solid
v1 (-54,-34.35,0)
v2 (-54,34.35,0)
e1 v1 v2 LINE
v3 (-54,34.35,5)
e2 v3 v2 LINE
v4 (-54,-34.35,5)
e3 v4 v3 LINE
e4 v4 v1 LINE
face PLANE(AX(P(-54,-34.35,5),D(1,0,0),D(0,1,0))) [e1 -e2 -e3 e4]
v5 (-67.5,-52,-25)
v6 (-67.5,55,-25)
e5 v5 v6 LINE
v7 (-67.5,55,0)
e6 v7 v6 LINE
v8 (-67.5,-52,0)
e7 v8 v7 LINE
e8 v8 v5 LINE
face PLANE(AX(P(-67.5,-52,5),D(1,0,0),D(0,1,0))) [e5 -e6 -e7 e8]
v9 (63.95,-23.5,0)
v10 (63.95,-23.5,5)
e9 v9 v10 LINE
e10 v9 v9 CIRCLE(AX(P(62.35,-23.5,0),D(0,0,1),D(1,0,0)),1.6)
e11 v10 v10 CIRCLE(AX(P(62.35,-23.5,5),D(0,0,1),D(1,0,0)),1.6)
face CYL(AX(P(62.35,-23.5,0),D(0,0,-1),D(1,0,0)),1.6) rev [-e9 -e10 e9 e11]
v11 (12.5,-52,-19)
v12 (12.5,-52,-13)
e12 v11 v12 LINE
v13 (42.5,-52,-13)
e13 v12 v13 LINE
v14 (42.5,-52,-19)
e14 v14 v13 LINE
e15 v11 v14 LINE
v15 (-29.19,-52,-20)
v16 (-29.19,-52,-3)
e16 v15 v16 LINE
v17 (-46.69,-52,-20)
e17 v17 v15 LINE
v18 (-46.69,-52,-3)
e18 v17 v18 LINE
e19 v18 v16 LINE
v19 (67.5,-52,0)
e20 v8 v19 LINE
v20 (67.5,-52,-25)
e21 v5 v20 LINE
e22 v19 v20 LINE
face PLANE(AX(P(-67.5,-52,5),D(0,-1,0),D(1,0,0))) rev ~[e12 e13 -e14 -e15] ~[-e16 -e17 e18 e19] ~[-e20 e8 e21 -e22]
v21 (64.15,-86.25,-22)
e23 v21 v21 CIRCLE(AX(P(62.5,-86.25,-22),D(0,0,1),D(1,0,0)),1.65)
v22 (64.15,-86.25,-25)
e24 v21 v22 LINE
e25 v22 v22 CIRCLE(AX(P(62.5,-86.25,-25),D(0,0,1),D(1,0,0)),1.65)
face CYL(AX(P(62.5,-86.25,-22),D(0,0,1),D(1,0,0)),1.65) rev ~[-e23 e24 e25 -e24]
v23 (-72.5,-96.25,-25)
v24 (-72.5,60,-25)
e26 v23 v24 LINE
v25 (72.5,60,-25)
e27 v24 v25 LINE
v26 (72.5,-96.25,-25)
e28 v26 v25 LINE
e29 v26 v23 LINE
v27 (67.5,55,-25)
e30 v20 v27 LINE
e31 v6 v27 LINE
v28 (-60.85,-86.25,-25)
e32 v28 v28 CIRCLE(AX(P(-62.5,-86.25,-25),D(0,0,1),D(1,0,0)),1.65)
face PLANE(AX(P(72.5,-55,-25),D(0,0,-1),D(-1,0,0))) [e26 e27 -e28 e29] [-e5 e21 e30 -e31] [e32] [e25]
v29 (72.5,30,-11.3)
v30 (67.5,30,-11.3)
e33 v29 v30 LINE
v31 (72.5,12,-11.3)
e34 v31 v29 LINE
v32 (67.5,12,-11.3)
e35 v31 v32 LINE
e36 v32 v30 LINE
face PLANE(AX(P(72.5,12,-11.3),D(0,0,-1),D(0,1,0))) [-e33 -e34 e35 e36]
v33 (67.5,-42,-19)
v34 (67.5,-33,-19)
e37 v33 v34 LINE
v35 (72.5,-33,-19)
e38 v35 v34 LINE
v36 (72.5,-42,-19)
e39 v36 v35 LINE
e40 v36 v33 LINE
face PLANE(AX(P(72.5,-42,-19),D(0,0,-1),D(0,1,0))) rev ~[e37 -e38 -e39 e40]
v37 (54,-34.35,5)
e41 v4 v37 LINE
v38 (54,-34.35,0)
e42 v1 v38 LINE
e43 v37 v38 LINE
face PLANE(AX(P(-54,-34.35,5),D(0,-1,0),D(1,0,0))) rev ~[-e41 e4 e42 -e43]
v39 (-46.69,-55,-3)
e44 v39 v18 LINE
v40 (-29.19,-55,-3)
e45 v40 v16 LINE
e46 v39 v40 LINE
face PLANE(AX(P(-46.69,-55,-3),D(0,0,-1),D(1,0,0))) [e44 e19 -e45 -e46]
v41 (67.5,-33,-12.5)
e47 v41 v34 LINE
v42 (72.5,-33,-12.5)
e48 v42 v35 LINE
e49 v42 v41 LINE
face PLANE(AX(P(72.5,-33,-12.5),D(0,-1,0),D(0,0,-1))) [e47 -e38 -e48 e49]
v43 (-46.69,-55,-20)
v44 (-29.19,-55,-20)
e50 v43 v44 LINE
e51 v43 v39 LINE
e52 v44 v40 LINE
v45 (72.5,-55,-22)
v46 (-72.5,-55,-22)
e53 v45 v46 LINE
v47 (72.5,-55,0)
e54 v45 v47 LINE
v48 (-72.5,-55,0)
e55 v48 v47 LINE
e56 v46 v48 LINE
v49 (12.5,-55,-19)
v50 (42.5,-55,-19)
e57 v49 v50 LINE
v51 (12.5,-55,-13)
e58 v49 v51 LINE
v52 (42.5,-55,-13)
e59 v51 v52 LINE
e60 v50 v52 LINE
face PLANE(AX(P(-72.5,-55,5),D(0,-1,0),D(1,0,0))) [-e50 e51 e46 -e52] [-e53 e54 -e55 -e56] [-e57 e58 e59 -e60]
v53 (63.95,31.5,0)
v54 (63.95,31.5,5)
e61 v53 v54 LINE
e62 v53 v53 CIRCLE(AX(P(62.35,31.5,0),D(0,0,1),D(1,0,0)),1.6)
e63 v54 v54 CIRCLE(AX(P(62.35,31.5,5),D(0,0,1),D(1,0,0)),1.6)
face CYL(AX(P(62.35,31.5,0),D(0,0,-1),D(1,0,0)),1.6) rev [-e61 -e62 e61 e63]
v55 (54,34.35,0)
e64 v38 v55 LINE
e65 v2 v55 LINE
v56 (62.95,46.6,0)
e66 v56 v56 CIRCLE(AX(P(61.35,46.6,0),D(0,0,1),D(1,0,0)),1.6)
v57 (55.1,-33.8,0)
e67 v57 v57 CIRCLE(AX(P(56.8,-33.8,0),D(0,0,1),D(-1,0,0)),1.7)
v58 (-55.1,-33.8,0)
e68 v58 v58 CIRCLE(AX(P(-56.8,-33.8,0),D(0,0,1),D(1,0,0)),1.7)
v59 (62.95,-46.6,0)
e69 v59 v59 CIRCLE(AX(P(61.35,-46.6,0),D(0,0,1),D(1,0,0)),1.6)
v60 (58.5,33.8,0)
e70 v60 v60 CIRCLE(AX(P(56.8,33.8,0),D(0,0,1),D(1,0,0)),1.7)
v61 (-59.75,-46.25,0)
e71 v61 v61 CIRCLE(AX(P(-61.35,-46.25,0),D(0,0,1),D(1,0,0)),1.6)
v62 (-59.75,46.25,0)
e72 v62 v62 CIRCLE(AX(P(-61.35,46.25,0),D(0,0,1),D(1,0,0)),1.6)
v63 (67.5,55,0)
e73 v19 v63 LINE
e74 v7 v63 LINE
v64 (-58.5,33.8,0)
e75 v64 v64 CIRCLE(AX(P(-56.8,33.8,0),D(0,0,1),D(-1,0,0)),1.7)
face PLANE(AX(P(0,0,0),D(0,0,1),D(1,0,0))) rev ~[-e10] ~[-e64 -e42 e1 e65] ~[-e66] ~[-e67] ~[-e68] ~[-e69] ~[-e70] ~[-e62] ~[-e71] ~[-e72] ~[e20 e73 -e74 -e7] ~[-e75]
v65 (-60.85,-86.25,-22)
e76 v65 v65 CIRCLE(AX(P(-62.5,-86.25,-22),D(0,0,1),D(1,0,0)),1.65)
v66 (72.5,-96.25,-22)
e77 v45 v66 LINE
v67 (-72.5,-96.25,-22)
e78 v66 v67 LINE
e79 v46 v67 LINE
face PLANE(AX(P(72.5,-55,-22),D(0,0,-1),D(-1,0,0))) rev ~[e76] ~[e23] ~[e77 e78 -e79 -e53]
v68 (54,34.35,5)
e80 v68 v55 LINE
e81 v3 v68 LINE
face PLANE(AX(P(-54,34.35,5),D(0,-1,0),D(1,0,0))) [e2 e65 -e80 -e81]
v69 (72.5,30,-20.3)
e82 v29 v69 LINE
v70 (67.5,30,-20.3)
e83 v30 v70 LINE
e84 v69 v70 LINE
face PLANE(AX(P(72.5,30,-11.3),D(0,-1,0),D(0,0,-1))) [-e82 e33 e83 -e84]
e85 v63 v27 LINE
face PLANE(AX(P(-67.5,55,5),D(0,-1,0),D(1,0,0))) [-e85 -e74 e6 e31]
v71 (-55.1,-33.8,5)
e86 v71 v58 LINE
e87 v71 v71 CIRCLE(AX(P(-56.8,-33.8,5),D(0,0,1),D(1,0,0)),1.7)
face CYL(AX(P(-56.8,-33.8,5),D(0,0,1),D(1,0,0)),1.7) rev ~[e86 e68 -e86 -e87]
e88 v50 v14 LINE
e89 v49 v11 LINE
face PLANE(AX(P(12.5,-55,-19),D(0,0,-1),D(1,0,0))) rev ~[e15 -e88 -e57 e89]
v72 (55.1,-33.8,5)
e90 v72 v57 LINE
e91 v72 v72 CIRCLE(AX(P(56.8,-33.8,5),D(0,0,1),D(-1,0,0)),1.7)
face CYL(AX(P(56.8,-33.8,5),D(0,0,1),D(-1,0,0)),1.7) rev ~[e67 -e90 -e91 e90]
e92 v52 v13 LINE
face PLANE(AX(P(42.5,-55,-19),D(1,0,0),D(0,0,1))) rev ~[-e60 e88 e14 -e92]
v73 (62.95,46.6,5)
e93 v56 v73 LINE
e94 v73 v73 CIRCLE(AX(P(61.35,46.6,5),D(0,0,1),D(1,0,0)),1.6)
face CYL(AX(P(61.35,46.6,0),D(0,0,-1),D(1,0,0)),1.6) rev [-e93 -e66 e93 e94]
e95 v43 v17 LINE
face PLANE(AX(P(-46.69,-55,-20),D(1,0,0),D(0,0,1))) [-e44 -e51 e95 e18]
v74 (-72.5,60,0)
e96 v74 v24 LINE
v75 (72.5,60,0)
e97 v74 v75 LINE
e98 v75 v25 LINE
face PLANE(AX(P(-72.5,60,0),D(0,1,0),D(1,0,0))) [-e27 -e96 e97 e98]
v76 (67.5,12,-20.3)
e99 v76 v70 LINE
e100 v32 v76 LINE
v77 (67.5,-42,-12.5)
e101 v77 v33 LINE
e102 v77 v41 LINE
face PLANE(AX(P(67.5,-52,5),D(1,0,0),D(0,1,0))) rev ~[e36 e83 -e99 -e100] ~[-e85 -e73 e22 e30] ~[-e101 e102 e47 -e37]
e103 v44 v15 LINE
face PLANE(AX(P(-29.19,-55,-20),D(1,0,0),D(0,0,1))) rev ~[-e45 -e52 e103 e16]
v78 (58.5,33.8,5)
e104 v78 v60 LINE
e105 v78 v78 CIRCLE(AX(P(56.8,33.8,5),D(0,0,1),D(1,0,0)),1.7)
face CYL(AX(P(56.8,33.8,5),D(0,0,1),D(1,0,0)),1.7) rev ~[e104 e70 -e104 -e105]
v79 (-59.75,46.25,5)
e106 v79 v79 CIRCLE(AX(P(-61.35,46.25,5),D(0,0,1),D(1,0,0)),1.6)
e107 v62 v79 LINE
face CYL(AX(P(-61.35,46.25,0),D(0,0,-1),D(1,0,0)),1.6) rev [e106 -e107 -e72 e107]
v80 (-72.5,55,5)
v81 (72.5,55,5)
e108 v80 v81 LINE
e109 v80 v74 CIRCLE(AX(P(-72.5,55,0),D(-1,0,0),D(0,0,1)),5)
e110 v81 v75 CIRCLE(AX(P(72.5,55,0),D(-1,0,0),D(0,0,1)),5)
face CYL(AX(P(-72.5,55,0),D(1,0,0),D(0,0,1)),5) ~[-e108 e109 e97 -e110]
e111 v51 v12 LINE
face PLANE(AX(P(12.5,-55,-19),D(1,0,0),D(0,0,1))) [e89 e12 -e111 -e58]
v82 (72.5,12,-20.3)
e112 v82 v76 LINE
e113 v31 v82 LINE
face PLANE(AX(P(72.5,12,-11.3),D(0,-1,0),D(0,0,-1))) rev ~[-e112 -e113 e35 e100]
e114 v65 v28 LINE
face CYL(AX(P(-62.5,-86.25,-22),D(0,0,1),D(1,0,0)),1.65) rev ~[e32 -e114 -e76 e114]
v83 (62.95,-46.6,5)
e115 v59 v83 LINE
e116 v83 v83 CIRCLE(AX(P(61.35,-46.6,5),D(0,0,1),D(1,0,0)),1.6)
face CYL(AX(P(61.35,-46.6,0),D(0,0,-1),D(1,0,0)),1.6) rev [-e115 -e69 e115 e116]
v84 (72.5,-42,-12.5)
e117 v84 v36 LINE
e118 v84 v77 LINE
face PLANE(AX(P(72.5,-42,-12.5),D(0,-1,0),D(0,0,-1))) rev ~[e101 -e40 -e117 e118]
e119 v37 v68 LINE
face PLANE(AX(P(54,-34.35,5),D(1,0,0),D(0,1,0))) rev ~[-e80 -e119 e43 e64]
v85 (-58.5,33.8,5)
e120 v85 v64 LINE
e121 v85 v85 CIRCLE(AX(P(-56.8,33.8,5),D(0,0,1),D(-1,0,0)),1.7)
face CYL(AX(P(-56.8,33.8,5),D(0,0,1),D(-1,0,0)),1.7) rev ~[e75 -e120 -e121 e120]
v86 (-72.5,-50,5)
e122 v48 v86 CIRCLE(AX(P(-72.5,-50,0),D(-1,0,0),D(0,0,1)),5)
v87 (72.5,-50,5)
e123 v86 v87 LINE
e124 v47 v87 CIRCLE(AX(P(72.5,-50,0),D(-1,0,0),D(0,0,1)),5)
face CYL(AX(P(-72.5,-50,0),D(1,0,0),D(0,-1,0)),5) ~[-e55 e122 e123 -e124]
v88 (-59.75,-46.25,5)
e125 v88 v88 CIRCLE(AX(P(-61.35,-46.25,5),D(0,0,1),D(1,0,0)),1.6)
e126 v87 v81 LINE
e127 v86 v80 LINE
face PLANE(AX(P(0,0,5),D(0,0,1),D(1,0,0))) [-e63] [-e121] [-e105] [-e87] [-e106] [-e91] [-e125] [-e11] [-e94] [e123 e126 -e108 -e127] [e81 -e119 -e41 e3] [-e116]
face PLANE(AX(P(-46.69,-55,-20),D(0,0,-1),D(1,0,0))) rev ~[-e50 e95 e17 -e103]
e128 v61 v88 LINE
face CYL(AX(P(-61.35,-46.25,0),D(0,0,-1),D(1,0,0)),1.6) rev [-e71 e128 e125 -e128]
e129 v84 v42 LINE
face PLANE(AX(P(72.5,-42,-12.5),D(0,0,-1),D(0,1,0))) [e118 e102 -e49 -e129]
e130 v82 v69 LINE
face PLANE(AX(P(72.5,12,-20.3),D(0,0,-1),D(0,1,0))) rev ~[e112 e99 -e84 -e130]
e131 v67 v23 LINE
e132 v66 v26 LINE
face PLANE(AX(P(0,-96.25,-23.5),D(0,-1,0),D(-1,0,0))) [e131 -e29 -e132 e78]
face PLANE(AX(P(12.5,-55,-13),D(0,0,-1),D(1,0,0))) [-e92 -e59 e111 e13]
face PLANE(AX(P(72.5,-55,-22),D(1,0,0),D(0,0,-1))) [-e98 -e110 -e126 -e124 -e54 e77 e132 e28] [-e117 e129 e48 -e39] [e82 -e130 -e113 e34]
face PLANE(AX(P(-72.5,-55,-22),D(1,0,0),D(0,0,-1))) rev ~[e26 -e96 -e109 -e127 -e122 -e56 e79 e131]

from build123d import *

# Parameters (mm, degrees)
SKETCH_1_W           = 145
SKETCH_1_H           = 120
SKETCH_1_R           = 1.6
EXTRUDE_1_DEPTH      = 5
SKETCH_2_W           = 145
SKETCH_2_H           = 5
CUT_EXTRUDE_1_DEPTH  = 8
SKETCH_3_W           = 145
SKETCH_3_H           = 115
SKETCH_3_W_2         = 135
SKETCH_3_H_2         = 107
EXTRUDE_6_DEPTH      = 30
SKETCH_4_W           = 145
SKETCH_4_H           = 3
EXTRUDE_7_DEPTH      = 41.25
SKETCH_7_W           = 9
SKETCH_7_H           = 18
CUT_EXTRUDE_4_DEPTH  = 7
SKETCH_8_W           = 30
SKETCH_8_H           = 6
CUT_EXTRUDE_6_DEPTH  = 6
SKETCH_9_W           = 6.5
SKETCH_9_H           = 9
CUT_EXTRUDE_7_DEPTH  = 6
SKETCH_6_W           = 17.5
SKETCH_6_H           = 17
CUT_EXTRUDE_8_DEPTH  = 10
SKETCH_11_R          = 1.7
SKETCH_11_W          = 108
SKETCH_11_H          = 68.7
CUT_EXTRUDE_9_DEPTH  = 5
FILLET_1_R           = 5
FILLET_2_R           = 5
SKETCH_13_R          = 1.65
CUT_EXTRUDE_10_DEPTH = 8


with BuildPart() as part:
    # 草图1 → 凸台-拉伸1 (new body)
    with BuildSketch(Plane.XY):
        Rectangle(SKETCH_1_W, SKETCH_1_H)
        with Locations((-49.95, -23.5)):
            Circle(SKETCH_1_R, mode=Mode.SUBTRACT)
        with Locations((-49.95, 31.5)):
            Circle(SKETCH_1_R, mode=Mode.SUBTRACT)
        with Locations((-61.35, 46.25)):
            Circle(SKETCH_1_R, mode=Mode.SUBTRACT)
        with Locations((61.35, -46.6)):
            Circle(SKETCH_1_R, mode=Mode.SUBTRACT)
        with Locations((61.35, 46.6)):
            Circle(SKETCH_1_R, mode=Mode.SUBTRACT)
        with Locations((-61.35, -46.25)):
            Circle(SKETCH_1_R, mode=Mode.SUBTRACT)
        with Locations((62.35, 31.5)):
            Circle(SKETCH_1_R, mode=Mode.SUBTRACT)
        with Locations((62.35, -23.5)):
            Circle(SKETCH_1_R, mode=Mode.SUBTRACT)
    extrude(amount=EXTRUDE_1_DEPTH)

    # 草图2 → 切除-拉伸1 (cut)
    with BuildSketch(Plane.XY.offset(5)):
        with Locations((0, -57.5)):
            Rectangle(SKETCH_2_W, SKETCH_2_H)
    extrude(amount=-CUT_EXTRUDE_1_DEPTH, mode=Mode.SUBTRACT)

    # 草图3 → 凸台-拉伸6 (add)
    with BuildSketch(Plane.XY.offset(5)):
        with Locations((0, 2.5)):
            Rectangle(SKETCH_3_W, SKETCH_3_H)
        with Locations((0, 1.5)):
            Rectangle(SKETCH_3_W_2, SKETCH_3_H_2, mode=Mode.SUBTRACT)
    extrude(amount=-EXTRUDE_6_DEPTH)

    # 草图4 → 凸台-拉伸7 (add)
    with BuildSketch(Plane(origin=(0, -55, 0), x_dir=(-1, 0, 0), z_dir=(0, -1, 0))):
        with Locations((0, 23.5)):
            Rectangle(SKETCH_4_W, SKETCH_4_H)
    extrude(amount=EXTRUDE_7_DEPTH)

    # 草图7 → 切除-拉伸4 (cut)
    with BuildSketch(Plane(origin=(72.5, 0, 0), x_dir=(0, 0, -1), z_dir=(1, 0, 0))):
        with Locations((15.8, 21)):
            Rectangle(SKETCH_7_W, SKETCH_7_H)
    extrude(amount=-CUT_EXTRUDE_4_DEPTH, mode=Mode.SUBTRACT)

    # 草图8 → 切除-拉伸6 (cut)
    with BuildSketch(Plane.XZ.offset(55)):
        with Locations((27.5, -16)):
            Rectangle(SKETCH_8_W, SKETCH_8_H)
    extrude(amount=-CUT_EXTRUDE_6_DEPTH, mode=Mode.SUBTRACT)

    # 草图9 → 切除-拉伸7 (cut)
    with BuildSketch(Plane(origin=(72.5, 0, 0), x_dir=(0, 0, -1), z_dir=(1, 0, 0))):
        with Locations((15.75, -37.5)):
            Rectangle(SKETCH_9_W, SKETCH_9_H)
    extrude(amount=-CUT_EXTRUDE_7_DEPTH, mode=Mode.SUBTRACT)

    # 草图6 → 切除-拉伸8 (cut)
    with BuildSketch(Plane.XZ.offset(55)):
        with Locations((-37.94, -11.5)):
            Rectangle(SKETCH_6_W, SKETCH_6_H)
    extrude(amount=-CUT_EXTRUDE_8_DEPTH, mode=Mode.SUBTRACT)

    # 草图11 → 切除-拉伸9 (cut)
    with BuildSketch(Plane.XY.offset(5)):
        with Locations((56.8, 33.8)):
            Circle(SKETCH_11_R)
        with Locations(Location((56.8, -33.8, 0), (0, 0, 180))):
            Circle(SKETCH_11_R)
        with Locations((-56.8, -33.8)):
            Circle(SKETCH_11_R)
        with Locations(Location((-56.8, 33.8, 0), (0, 0, 180))):
            Circle(SKETCH_11_R)
        Rectangle(SKETCH_11_W, SKETCH_11_H)
    extrude(amount=-CUT_EXTRUDE_9_DEPTH, mode=Mode.SUBTRACT)

    # 圆角1
    fillet_1_edges = [part.edges().sort_by_distance(p)[0] for p in [
        (0, -55, 5),
    ]]
    fillet(fillet_1_edges, radius=FILLET_1_R)

    # 圆角2
    fillet_2_edges = [part.edges().sort_by_distance(p)[0] for p in [
        (0, 60, 5),
    ]]
    fillet(fillet_2_edges, radius=FILLET_2_R)

    # 草图13 → 切除-拉伸10 (cut)
    with BuildSketch(Plane.XY.offset(-22)):
        with Locations((-62.5, -86.25)):
            Circle(SKETCH_13_R)
        with Locations((62.5, -86.25)):
            Circle(SKETCH_13_R)
    extrude(amount=-CUT_EXTRUDE_10_DEPTH, mode=Mode.SUBTRACT)


solid = part.part
